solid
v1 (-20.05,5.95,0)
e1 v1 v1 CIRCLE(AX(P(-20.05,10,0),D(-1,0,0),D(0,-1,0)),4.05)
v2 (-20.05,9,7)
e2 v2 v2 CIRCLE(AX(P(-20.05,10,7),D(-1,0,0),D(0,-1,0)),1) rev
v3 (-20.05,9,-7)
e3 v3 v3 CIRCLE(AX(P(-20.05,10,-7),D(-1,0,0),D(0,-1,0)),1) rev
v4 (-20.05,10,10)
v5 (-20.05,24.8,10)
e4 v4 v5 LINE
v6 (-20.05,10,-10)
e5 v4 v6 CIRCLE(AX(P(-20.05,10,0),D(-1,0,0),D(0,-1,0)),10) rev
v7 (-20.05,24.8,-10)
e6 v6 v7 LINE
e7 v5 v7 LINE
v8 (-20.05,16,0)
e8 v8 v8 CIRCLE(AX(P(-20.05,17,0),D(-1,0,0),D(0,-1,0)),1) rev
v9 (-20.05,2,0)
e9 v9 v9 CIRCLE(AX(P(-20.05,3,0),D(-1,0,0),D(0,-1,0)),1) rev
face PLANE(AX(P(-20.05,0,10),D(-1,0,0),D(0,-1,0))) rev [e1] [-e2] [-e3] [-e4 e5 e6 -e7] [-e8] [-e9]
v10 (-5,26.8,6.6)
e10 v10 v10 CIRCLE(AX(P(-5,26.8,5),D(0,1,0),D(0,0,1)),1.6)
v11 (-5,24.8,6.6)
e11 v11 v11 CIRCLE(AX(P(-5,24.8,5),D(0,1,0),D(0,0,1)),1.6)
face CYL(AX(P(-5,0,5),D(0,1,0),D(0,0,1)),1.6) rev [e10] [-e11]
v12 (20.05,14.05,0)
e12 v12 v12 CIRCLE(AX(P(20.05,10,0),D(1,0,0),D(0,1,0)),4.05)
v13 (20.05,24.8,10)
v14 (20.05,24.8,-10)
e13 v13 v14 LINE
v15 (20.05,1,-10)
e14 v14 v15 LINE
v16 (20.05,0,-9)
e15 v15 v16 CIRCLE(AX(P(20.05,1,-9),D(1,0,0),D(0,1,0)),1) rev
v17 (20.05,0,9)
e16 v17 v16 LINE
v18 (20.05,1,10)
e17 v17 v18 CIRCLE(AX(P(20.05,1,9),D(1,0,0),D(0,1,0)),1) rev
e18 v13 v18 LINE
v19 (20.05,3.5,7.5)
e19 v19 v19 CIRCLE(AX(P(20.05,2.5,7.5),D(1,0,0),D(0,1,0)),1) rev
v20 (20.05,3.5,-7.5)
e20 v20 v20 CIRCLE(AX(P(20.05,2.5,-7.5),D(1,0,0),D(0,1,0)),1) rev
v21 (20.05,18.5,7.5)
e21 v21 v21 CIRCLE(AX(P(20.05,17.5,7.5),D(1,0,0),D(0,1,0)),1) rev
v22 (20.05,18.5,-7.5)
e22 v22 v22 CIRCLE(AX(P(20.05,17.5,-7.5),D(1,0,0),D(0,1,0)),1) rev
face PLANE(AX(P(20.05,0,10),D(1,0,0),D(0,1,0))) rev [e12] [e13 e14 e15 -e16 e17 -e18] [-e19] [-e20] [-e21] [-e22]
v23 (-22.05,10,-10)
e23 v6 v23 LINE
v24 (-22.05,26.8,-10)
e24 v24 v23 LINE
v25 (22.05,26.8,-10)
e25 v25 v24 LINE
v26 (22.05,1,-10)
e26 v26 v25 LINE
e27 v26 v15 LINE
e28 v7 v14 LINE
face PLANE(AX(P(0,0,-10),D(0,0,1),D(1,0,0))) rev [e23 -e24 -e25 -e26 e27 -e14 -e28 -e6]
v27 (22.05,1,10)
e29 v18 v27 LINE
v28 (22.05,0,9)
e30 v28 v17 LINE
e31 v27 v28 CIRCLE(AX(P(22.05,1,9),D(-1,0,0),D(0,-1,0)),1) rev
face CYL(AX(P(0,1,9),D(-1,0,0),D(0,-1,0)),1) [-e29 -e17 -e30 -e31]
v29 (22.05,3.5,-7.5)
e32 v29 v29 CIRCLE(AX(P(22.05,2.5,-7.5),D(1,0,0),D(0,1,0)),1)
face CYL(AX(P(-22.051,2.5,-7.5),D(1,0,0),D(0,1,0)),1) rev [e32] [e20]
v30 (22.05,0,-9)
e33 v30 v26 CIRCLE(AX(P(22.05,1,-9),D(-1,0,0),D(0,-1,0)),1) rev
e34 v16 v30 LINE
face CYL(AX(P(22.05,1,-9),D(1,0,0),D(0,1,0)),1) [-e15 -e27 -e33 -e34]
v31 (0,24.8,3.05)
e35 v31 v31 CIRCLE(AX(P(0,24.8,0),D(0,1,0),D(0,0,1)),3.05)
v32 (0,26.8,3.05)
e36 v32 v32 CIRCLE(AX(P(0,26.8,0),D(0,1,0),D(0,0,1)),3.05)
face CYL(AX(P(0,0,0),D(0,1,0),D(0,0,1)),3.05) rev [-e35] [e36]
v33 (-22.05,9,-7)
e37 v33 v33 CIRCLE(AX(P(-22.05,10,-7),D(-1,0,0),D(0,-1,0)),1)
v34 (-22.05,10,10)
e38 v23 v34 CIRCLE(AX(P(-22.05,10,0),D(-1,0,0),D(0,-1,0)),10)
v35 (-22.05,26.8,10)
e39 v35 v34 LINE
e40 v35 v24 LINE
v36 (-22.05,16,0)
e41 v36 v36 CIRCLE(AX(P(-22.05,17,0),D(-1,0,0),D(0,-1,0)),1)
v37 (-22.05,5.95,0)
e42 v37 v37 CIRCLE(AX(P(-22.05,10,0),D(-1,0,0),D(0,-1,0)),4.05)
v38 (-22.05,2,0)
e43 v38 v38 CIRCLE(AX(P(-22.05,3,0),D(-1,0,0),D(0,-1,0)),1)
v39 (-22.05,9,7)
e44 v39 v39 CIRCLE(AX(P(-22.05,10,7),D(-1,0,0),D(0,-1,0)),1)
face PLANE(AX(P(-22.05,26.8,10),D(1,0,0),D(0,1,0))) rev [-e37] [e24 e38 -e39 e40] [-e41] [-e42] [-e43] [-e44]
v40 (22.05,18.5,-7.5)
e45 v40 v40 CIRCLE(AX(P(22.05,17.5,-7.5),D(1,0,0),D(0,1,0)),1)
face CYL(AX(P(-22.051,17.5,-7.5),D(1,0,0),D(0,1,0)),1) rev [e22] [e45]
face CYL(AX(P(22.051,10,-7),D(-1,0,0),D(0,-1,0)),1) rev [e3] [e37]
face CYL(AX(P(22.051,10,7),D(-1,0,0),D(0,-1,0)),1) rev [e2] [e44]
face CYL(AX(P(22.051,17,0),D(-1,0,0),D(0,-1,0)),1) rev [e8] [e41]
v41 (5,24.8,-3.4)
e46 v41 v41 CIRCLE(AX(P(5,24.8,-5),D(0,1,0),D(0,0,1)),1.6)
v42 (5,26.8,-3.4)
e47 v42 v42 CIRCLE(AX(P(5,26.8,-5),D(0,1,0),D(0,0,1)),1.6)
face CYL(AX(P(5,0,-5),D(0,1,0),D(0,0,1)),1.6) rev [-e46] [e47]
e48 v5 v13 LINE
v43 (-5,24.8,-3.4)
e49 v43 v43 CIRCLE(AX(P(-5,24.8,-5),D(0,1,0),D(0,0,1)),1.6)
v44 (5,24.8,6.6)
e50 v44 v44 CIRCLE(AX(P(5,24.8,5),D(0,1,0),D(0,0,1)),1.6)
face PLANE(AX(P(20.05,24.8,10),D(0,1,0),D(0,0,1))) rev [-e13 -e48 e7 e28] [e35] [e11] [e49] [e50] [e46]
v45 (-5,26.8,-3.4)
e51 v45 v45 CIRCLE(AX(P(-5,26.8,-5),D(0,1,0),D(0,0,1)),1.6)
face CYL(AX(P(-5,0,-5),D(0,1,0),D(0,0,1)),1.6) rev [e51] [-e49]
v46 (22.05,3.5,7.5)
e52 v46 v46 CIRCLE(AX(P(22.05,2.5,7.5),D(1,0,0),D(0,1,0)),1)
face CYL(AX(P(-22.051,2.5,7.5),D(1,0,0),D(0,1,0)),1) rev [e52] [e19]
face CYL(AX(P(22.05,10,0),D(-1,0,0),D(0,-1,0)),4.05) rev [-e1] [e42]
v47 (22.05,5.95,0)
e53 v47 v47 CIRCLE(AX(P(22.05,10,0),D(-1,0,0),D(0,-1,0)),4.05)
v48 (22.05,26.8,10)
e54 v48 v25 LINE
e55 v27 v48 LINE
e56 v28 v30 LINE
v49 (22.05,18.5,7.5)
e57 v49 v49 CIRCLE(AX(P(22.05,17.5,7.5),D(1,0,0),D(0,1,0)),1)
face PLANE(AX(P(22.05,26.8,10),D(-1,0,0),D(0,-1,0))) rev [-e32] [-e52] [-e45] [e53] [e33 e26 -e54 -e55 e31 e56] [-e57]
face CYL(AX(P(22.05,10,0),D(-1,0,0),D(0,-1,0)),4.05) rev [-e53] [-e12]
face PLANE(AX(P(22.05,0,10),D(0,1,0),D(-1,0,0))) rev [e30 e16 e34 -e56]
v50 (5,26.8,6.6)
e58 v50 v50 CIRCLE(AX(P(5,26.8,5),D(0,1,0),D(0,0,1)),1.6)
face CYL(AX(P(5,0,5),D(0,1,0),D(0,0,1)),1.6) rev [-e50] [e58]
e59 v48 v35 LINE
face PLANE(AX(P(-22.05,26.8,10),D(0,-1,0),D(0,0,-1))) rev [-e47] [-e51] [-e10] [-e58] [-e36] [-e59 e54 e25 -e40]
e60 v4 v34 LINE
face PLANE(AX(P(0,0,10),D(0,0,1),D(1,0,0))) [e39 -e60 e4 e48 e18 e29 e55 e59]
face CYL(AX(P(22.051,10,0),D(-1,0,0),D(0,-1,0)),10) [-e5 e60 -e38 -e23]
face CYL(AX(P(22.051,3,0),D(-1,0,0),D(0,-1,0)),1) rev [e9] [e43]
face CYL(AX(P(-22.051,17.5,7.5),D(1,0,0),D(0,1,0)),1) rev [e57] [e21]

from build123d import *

# Parameters (mm, degrees)
BOSS_EXTRU_1_DEPTH                  = 10
ESQUISSE6_R                         = 3.05
ESQUISSE6_R_2                       = 1.6
ENL_V_MAT_EXTRU_4_DEPTH             = 37.117066603
ENL_V_MAT_EXTRU_1_REACH             = 54.565
ENL_V_MAT_EXTRU_1_DIRECTION_2_DEPTH = 53.56472201
ESQUISSE4_R                         = 4.05
ENL_V_MAT_EXTRU_2_DEPTH             = 53.56472201
ENL_V_MAT_EXTRU_3_REACH             = 54.565
ESQUISSE5_R                         = 1
ENL_V_MAT_EXTRU_5_REACH             = 54.565
ESQUISSE7_R                         = 1
CONG_1_R                            = 1


with BuildPart() as part:
    # Esquisse1 → Boss.-Extru.1 (new, symmetric)
    with BuildSketch(Plane.XY):
        Polygon((-22.05, 26.8), (22.05, 26.8), (22.05, 0), (20.05, 0), (20.05, 24.8), (-20.05, 24.8), (-20.05, 0), (-22.05, 0), align=None)
    extrude(amount=BOSS_EXTRU_1_DEPTH, both=True)

    # Esquisse6 → Enlèv. mat.-Extru.4 (cut, through all)
    with BuildSketch(Plane(origin=(0, 26.8, 0), x_dir=(1, 0, 0), z_dir=(0, 1, 0))):
        with Locations(Location((0, 0, 0), (0, 0, 270))):
            Circle(ESQUISSE6_R)
        with Locations(Location((-5, 5, 0), (0, 0, 270))):
            Circle(ESQUISSE6_R_2)
        with Locations(Location((5, 5, 0), (0, 0, 270))):
            Circle(ESQUISSE6_R_2)
        with Locations(Location((5, -5, 0), (0, 0, 270))):
            Circle(ESQUISSE6_R_2)
        with Locations(Location((-5, -5, 0), (0, 0, 270))):
            Circle(ESQUISSE6_R_2)
    extrude(amount=-ENL_V_MAT_EXTRU_4_DEPTH, mode=Mode.SUBTRACT)

    # Esquisse3 → Enlèv. mat.-Extru.1 (cut, up to next)
    with BuildSketch(Plane.ZY.offset(22.05), mode=Mode.PRIVATE) as enl_v_mat_extru_1_sk1:
        with BuildLine():
            ThreePointArc((0, 0), (-7.071067812, 2.928932188), (-10, 10))
            Line((-10, 10), (-10, 0))
            Line((-10, 0), (0, 0))
        make_face()
    enl_v_mat_extru_1_tool1 = extrude(enl_v_mat_extru_1_sk1.sketch, amount=-ENL_V_MAT_EXTRU_1_REACH, mode=Mode.PRIVATE) & part.part
    # Esquisse3 → Enlèv. mat.-Extru.1 (cut, up to next)
    with BuildSketch(Plane.ZY.offset(22.05), mode=Mode.PRIVATE) as enl_v_mat_extru_1_sk2:
        with BuildLine():
            ThreePointArc((10, 10), (7.071067812, 2.928932188), (0, 0))
            Line((0, 0), (10, 0))
            Line((10, 0), (10, 10))
        make_face()
    enl_v_mat_extru_1_tool2 = extrude(enl_v_mat_extru_1_sk2.sketch, amount=-ENL_V_MAT_EXTRU_1_REACH, mode=Mode.PRIVATE) & part.part
    add(enl_v_mat_extru_1_tool1.solids().sort_by_distance((-22.05, 2.233679, -7.766321))[0], mode=Mode.SUBTRACT)
    add(enl_v_mat_extru_1_tool2.solids().sort_by_distance((-22.05, 2.233679, 7.766321))[0], mode=Mode.SUBTRACT)

    # Esquisse3 → Enlèv. mat.-Extru.1 direction 2 (cut)
    with BuildSketch(Plane.ZY.offset(22.05)):
        with BuildLine():
            ThreePointArc((0, 0), (-7.071067812, 2.928932188), (-10, 10))
            Line((-10, 10), (-10, 0))
            Line((-10, 0), (0, 0))
        make_face()
        with BuildLine():
            ThreePointArc((10, 10), (7.071067812, 2.928932188), (0, 0))
            Line((0, 0), (10, 0))
            Line((10, 0), (10, 10))
        make_face()
    extrude(amount=ENL_V_MAT_EXTRU_1_DIRECTION_2_DEPTH, mode=Mode.SUBTRACT)

    # Esquisse4 → Enlèv. mat.-Extru.2 (cut, through all)
    with BuildSketch(Plane.ZY.offset(22.05)):
        with Locations(Location((0, 10, 0), (0, 0, 270))):
            Circle(ESQUISSE4_R)
    extrude(amount=-ENL_V_MAT_EXTRU_2_DEPTH, mode=Mode.SUBTRACT)

    # Esquisse5 → Enlèv. mat.-Extru.3 (cut, up to next)
    with BuildSketch(Plane.ZY.offset(22.05), mode=Mode.PRIVATE) as enl_v_mat_extru_3_sk1:
        with Locations(Location((-7, 10, 0), (0, 0, 270))):
            Circle(ESQUISSE5_R)
    enl_v_mat_extru_3_tool1 = extrude(enl_v_mat_extru_3_sk1.sketch, amount=-ENL_V_MAT_EXTRU_3_REACH, mode=Mode.PRIVATE) & part.part
    # Esquisse5 → Enlèv. mat.-Extru.3 (cut, up to next)
    with BuildSketch(Plane.ZY.offset(22.05), mode=Mode.PRIVATE) as enl_v_mat_extru_3_sk2:
        with Locations(Location((0, 17, 0), (0, 0, 270))):
            Circle(ESQUISSE5_R)
    enl_v_mat_extru_3_tool2 = extrude(enl_v_mat_extru_3_sk2.sketch, amount=-ENL_V_MAT_EXTRU_3_REACH, mode=Mode.PRIVATE) & part.part
    # Esquisse5 → Enlèv. mat.-Extru.3 (cut, up to next)
    with BuildSketch(Plane.ZY.offset(22.05), mode=Mode.PRIVATE) as enl_v_mat_extru_3_sk3:
        with Locations(Location((7, 10, 0), (0, 0, 270))):
            Circle(ESQUISSE5_R)
    enl_v_mat_extru_3_tool3 = extrude(enl_v_mat_extru_3_sk3.sketch, amount=-ENL_V_MAT_EXTRU_3_REACH, mode=Mode.PRIVATE) & part.part
    # Esquisse5 → Enlèv. mat.-Extru.3 (cut, up to next)
    with BuildSketch(Plane.ZY.offset(22.05), mode=Mode.PRIVATE) as enl_v_mat_extru_3_sk4:
        with Locations(Location((0, 3, 0), (0, 0, 270))):
            Circle(ESQUISSE5_R)
    enl_v_mat_extru_3_tool4 = extrude(enl_v_mat_extru_3_sk4.sketch, amount=-ENL_V_MAT_EXTRU_3_REACH, mode=Mode.PRIVATE) & part.part
    add(enl_v_mat_extru_3_tool1.solids().sort_by_distance((-22.05, 10, -7))[0], mode=Mode.SUBTRACT)
    add(enl_v_mat_extru_3_tool2.solids().sort_by_distance((-22.05, 17, 0))[0], mode=Mode.SUBTRACT)
    add(enl_v_mat_extru_3_tool3.solids().sort_by_distance((-22.05, 10, 7))[0], mode=Mode.SUBTRACT)
    add(enl_v_mat_extru_3_tool4.solids().sort_by_distance((-22.05, 3, 0))[0], mode=Mode.SUBTRACT)

    # Esquisse7 → Enlèv. mat.-Extru.5 (cut, up to next)
    with BuildSketch(Plane(origin=(22.05, 0, 0), x_dir=(0, 0, -1), z_dir=(1, 0, 0)), mode=Mode.PRIVATE) as enl_v_mat_extru_5_sk1:
        with Locations(Location((-7.5, 2.5, 0), (0, 0, 90))):
            Circle(ESQUISSE7_R)
    enl_v_mat_extru_5_tool1 = extrude(enl_v_mat_extru_5_sk1.sketch, amount=-ENL_V_MAT_EXTRU_5_REACH, mode=Mode.PRIVATE) & part.part
    # Esquisse7 → Enlèv. mat.-Extru.5 (cut, up to next)
    with BuildSketch(Plane(origin=(22.05, 0, 0), x_dir=(0, 0, -1), z_dir=(1, 0, 0)), mode=Mode.PRIVATE) as enl_v_mat_extru_5_sk2:
        with Locations(Location((7.5, 2.5, 0), (0, 0, 90))):
            Circle(ESQUISSE7_R)
    enl_v_mat_extru_5_tool2 = extrude(enl_v_mat_extru_5_sk2.sketch, amount=-ENL_V_MAT_EXTRU_5_REACH, mode=Mode.PRIVATE) & part.part
    # Esquisse7 → Enlèv. mat.-Extru.5 (cut, up to next)
    with BuildSketch(Plane(origin=(22.05, 0, 0), x_dir=(0, 0, -1), z_dir=(1, 0, 0)), mode=Mode.PRIVATE) as enl_v_mat_extru_5_sk3:
        with Locations(Location((7.5, 17.5, 0), (0, 0, 90))):
            Circle(ESQUISSE7_R)
    enl_v_mat_extru_5_tool3 = extrude(enl_v_mat_extru_5_sk3.sketch, amount=-ENL_V_MAT_EXTRU_5_REACH, mode=Mode.PRIVATE) & part.part
    # Esquisse7 → Enlèv. mat.-Extru.5 (cut, up to next)
    with BuildSketch(Plane(origin=(22.05, 0, 0), x_dir=(0, 0, -1), z_dir=(1, 0, 0)), mode=Mode.PRIVATE) as enl_v_mat_extru_5_sk4:
        with Locations(Location((-7.5, 17.5, 0), (0, 0, 90))):
            Circle(ESQUISSE7_R)
    enl_v_mat_extru_5_tool4 = extrude(enl_v_mat_extru_5_sk4.sketch, amount=-ENL_V_MAT_EXTRU_5_REACH, mode=Mode.PRIVATE) & part.part
    add(enl_v_mat_extru_5_tool1.solids().sort_by_distance((22.05, 2.5, 7.5))[0], mode=Mode.SUBTRACT)
    add(enl_v_mat_extru_5_tool2.solids().sort_by_distance((22.05, 2.5, -7.5))[0], mode=Mode.SUBTRACT)
    add(enl_v_mat_extru_5_tool3.solids().sort_by_distance((22.05, 17.5, -7.5))[0], mode=Mode.SUBTRACT)
    add(enl_v_mat_extru_5_tool4.solids().sort_by_distance((22.05, 17.5, 7.5))[0], mode=Mode.SUBTRACT)

    # Congé1
    cong_1_edges = [part.edges().sort_by_distance(p)[0] for p in [
        (21.05, 0, 10),
        (21.05, 0, -10),
    ]]
    fillet(cong_1_edges, radius=CONG_1_R)


solid = part.part
